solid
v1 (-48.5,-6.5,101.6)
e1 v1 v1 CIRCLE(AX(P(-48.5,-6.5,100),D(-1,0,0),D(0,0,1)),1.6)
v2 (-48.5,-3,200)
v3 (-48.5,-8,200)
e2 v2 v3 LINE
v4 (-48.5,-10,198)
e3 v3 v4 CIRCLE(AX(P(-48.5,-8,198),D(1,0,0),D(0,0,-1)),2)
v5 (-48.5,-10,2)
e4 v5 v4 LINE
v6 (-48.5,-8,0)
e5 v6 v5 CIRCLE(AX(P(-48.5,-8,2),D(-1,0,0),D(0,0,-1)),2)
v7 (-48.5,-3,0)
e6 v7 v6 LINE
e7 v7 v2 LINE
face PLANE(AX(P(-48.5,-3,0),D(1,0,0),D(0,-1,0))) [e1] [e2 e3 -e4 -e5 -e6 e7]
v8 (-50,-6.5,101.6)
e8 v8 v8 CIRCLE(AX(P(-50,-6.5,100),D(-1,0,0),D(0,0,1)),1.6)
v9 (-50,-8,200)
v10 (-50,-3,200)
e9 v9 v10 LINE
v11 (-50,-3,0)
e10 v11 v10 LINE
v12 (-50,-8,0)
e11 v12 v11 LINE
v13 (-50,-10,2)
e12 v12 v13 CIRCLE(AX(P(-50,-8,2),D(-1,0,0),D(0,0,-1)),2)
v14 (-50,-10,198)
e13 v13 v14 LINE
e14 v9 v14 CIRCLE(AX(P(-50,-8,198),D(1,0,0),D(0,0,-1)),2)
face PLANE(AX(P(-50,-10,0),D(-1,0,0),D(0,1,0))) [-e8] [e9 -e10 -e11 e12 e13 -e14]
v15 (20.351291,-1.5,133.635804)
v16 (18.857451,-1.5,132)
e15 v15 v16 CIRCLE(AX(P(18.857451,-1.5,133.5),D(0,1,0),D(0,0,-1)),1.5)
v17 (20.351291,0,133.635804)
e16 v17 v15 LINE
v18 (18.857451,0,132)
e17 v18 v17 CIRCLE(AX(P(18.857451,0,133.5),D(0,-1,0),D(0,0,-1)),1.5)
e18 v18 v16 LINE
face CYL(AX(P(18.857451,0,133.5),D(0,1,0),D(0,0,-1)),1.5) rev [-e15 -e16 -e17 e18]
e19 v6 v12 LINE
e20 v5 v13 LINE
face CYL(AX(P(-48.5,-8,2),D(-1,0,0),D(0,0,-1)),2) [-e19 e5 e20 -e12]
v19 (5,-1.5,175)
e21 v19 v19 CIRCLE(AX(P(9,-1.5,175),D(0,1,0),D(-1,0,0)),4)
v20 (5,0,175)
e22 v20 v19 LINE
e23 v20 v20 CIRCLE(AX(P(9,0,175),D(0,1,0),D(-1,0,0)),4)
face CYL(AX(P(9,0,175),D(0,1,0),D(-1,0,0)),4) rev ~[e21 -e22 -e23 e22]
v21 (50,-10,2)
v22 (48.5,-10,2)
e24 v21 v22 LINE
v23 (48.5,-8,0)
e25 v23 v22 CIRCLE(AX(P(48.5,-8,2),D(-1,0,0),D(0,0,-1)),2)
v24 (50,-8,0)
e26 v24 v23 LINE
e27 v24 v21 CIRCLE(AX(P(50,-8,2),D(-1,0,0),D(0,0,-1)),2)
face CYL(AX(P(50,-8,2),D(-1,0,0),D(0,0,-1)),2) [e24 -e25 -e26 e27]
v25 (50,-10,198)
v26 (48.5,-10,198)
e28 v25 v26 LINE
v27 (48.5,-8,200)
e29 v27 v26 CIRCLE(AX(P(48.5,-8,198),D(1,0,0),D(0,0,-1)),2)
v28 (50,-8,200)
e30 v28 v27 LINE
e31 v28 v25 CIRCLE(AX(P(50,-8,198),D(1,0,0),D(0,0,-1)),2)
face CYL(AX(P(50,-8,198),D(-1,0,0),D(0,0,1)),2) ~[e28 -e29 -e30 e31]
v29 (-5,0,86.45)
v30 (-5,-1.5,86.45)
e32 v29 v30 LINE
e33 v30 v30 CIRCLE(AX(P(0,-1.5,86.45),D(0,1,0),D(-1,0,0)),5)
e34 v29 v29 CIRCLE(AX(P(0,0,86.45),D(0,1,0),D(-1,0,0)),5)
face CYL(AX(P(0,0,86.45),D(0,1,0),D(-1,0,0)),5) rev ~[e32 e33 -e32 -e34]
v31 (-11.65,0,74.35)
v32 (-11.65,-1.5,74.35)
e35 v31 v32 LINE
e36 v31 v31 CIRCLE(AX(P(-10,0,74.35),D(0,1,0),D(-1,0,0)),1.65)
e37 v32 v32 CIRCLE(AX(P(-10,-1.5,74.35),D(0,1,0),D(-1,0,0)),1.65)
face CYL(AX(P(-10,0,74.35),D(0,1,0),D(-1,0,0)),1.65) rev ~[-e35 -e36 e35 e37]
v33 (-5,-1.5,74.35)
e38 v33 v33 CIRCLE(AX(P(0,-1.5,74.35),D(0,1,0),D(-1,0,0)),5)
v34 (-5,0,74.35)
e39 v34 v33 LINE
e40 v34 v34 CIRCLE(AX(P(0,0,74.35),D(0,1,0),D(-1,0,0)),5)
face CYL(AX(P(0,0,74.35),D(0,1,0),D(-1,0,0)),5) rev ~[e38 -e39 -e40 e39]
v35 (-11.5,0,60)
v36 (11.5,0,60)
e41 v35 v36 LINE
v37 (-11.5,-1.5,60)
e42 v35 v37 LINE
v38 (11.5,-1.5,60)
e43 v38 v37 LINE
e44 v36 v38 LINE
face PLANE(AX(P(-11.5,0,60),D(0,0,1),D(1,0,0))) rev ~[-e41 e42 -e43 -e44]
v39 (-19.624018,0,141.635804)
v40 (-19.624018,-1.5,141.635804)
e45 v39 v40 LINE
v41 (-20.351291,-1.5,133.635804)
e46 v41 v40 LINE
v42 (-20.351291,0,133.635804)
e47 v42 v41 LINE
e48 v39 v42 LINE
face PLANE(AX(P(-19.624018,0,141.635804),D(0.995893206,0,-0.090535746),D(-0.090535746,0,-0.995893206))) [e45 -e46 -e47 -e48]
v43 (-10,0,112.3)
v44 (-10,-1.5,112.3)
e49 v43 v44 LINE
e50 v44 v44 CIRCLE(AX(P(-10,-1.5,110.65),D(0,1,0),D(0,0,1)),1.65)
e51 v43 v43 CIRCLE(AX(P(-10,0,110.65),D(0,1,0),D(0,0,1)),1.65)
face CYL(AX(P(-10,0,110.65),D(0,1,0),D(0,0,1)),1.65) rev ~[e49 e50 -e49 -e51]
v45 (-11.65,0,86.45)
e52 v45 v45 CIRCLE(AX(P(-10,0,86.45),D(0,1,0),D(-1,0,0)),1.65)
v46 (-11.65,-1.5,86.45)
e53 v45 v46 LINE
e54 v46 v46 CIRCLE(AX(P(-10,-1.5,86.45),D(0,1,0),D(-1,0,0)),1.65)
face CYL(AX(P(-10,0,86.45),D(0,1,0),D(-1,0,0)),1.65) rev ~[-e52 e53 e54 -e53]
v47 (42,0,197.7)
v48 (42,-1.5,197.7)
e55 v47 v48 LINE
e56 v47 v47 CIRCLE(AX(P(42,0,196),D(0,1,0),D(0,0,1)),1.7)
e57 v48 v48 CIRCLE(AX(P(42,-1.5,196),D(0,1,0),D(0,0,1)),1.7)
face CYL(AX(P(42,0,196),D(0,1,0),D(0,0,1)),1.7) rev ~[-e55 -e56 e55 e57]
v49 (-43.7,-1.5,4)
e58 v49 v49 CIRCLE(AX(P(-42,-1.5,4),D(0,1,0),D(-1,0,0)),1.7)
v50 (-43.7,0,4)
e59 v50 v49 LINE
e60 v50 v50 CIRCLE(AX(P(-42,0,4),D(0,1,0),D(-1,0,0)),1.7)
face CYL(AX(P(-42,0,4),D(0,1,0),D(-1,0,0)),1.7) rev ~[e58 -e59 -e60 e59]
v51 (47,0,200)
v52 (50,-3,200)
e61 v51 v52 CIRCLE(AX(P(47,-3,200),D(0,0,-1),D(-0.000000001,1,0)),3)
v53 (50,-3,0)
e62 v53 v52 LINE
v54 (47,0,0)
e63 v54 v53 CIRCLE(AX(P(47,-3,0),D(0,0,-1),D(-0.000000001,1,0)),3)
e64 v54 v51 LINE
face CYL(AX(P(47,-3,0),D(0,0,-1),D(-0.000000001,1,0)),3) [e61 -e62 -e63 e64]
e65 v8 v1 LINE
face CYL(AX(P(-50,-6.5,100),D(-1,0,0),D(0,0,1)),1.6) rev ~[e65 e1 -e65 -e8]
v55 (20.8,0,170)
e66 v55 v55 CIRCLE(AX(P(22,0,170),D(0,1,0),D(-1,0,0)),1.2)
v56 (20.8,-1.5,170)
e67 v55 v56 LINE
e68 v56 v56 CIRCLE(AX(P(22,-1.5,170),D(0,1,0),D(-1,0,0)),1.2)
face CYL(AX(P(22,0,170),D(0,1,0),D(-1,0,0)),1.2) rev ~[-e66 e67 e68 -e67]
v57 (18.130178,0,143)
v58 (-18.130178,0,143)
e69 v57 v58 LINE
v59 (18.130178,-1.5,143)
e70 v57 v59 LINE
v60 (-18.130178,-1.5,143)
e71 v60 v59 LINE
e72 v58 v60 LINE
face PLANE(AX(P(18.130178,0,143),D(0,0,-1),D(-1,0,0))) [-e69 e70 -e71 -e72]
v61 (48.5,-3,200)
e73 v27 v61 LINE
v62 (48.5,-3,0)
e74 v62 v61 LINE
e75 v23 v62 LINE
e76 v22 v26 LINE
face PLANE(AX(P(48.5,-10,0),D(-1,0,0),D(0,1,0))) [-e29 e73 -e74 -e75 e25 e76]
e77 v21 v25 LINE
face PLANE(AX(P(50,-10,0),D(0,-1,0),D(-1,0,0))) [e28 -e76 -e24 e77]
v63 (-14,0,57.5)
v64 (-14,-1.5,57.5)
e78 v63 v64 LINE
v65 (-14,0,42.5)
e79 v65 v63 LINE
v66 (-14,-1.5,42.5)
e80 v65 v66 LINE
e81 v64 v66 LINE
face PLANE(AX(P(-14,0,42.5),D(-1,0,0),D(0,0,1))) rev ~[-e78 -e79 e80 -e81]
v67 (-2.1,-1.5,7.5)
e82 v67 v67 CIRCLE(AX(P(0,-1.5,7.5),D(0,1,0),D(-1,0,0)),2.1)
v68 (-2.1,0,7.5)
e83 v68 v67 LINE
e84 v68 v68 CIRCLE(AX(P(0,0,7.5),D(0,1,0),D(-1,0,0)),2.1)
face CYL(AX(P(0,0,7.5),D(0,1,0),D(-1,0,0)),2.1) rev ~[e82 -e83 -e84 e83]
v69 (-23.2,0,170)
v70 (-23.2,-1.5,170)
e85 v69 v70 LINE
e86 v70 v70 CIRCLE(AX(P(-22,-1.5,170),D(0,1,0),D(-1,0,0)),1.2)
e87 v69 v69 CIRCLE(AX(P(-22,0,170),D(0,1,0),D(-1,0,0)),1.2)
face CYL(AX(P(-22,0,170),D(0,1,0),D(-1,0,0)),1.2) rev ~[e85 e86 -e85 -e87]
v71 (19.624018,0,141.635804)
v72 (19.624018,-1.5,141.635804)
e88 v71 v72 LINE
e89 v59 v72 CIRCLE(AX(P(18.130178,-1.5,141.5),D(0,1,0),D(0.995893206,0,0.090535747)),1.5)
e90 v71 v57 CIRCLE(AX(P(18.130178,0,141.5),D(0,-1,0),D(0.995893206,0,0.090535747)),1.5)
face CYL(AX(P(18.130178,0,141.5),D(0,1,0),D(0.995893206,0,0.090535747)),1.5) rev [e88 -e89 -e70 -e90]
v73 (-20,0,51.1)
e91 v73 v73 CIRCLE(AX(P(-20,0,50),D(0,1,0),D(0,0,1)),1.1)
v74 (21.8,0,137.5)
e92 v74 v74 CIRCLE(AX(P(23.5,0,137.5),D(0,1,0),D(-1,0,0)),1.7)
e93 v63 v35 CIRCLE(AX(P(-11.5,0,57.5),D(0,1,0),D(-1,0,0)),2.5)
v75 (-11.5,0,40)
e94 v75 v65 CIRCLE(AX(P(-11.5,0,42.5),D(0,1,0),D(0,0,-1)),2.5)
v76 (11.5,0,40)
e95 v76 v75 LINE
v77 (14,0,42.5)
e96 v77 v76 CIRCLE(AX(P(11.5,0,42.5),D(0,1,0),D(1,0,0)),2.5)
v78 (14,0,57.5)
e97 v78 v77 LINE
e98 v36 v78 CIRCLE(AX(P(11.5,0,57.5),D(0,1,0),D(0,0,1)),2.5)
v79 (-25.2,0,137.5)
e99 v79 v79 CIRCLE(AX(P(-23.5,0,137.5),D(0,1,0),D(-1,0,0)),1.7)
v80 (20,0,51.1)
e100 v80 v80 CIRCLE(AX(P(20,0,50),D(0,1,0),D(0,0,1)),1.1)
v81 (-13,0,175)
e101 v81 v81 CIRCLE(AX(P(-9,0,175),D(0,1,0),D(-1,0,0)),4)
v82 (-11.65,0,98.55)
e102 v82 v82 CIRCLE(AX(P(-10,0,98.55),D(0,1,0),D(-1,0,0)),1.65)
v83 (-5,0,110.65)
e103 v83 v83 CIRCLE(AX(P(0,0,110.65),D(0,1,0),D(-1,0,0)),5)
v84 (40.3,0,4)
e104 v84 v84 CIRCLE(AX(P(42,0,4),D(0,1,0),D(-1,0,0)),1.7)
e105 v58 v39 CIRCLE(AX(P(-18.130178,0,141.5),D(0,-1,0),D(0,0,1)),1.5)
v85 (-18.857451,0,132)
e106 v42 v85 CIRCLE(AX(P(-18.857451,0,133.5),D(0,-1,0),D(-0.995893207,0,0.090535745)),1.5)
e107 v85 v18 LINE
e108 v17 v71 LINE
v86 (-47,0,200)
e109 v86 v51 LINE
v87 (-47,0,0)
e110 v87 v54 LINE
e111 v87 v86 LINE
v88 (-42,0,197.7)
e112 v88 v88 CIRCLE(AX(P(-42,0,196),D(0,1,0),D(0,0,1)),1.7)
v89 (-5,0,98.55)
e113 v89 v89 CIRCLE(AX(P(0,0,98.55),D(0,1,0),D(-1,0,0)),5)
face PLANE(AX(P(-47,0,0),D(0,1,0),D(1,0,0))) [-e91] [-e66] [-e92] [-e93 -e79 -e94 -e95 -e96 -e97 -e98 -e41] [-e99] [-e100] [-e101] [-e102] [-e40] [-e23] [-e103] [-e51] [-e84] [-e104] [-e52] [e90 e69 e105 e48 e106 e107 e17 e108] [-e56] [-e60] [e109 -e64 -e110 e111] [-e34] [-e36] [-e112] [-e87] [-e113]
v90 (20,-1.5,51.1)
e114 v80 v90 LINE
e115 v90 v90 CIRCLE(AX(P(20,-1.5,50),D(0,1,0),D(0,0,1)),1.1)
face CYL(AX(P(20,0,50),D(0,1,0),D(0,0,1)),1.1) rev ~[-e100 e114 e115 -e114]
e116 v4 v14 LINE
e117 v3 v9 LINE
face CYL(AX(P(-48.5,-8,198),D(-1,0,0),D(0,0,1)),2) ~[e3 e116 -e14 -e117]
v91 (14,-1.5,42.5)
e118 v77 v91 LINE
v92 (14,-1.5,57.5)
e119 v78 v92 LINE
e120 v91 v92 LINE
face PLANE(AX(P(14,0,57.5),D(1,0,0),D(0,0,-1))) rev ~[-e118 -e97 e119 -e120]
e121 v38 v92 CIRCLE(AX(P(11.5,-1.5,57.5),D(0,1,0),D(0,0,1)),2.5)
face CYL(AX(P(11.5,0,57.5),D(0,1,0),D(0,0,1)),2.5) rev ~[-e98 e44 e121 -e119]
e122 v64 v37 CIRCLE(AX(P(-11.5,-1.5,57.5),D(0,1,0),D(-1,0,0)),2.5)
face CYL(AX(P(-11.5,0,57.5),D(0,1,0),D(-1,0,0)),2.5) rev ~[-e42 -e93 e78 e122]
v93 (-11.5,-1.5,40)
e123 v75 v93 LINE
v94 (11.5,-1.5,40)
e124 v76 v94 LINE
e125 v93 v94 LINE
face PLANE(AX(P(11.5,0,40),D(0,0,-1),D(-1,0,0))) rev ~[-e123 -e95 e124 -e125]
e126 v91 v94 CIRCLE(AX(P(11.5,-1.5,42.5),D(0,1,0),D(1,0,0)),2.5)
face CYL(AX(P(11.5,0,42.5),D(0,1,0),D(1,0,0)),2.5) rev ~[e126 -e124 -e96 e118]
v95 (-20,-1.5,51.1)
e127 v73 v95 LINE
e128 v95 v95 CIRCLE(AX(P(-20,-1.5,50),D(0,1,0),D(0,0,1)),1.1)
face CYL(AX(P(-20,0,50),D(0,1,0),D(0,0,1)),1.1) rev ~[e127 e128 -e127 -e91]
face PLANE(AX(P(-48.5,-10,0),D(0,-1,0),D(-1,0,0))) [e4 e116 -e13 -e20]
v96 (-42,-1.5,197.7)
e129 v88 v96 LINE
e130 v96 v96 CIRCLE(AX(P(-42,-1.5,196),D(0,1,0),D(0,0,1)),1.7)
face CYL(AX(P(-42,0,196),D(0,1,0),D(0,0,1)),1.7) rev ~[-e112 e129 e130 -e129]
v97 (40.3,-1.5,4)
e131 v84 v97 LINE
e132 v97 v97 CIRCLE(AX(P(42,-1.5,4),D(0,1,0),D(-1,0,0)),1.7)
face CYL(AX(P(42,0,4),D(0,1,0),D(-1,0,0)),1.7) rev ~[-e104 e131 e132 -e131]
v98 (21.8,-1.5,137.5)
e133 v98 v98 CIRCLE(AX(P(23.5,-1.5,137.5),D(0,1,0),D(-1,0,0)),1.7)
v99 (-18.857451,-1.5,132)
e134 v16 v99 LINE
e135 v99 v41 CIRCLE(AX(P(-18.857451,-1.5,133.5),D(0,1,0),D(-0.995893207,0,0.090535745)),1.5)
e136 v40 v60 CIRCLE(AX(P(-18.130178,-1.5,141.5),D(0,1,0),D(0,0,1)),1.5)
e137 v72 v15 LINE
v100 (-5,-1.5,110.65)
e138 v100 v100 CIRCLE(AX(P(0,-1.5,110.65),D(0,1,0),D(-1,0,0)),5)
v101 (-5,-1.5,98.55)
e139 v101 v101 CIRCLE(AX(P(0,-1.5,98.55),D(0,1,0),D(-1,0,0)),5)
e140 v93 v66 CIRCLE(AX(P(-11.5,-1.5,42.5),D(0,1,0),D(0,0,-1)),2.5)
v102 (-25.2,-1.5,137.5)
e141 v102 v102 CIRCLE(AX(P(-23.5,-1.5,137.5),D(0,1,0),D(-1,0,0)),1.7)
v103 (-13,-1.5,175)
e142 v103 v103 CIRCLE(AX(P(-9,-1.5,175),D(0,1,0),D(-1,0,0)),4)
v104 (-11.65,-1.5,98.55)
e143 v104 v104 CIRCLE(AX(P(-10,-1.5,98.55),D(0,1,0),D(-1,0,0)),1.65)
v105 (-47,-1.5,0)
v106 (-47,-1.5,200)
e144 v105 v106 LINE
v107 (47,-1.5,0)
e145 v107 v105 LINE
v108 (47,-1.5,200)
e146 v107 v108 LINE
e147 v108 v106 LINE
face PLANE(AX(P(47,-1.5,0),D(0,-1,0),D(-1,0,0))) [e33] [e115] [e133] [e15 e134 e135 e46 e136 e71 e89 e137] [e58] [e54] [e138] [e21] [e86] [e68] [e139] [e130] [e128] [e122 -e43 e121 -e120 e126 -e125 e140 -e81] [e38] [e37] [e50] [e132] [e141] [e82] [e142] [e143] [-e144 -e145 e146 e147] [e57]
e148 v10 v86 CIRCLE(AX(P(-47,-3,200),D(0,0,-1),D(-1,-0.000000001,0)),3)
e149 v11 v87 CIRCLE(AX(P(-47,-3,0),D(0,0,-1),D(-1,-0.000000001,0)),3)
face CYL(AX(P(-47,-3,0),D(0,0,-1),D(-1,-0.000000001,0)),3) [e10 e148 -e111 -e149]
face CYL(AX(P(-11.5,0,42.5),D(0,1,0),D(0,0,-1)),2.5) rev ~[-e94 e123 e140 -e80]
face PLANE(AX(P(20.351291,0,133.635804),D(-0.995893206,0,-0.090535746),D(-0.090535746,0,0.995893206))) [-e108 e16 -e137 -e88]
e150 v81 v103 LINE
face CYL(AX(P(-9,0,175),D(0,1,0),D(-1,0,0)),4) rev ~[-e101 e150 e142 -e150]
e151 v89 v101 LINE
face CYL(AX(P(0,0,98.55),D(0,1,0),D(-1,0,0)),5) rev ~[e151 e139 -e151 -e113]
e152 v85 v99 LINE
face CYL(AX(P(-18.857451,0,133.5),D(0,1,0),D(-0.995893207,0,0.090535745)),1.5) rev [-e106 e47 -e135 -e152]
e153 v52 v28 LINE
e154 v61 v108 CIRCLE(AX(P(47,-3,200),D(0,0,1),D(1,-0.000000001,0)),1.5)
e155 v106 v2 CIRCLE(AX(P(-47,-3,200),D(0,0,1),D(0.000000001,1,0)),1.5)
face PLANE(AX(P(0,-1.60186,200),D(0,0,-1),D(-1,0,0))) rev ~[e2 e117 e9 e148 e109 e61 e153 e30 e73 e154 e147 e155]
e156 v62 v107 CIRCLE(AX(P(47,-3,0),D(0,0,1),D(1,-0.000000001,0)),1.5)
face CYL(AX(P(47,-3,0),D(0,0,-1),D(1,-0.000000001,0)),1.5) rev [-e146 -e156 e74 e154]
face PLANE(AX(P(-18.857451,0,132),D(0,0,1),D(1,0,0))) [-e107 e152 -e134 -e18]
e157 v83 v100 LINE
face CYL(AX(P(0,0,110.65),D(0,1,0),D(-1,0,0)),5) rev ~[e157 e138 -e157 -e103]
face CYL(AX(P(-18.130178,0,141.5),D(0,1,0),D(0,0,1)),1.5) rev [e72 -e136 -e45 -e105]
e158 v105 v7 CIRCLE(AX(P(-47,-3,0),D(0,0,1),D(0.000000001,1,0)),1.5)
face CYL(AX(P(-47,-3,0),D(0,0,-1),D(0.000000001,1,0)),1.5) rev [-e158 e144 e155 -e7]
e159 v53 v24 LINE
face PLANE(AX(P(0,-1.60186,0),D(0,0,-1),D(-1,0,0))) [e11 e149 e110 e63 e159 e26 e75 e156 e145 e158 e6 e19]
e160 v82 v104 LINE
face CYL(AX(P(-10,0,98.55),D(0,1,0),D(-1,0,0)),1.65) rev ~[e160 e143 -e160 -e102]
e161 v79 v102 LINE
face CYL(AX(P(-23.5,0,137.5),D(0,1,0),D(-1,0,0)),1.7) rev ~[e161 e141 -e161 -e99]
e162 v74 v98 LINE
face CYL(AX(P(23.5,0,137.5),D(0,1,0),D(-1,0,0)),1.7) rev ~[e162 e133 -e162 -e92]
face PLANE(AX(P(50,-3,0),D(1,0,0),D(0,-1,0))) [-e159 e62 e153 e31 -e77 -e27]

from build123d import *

# Parameters (mm, degrees)
EXTRUDE_1_DEPTH     = 200
SKETCH_2_R          = 1.7
CUT_EXTRUDE_1_DEPTH = 10
FILLET_1_R          = 2
SKETCH_5_R          = 1.7
SKETCH_5_R_2        = 1.2
SKETCH_5_R_3        = 4
CUT_EXTRUDE_2_DEPTH = 10
SKETCH_7_R          = 1.1
SKETCH_7_R_2        = 2.1
CUT_EXTRUDE_3_DEPTH = 10
SKETCH_11_R         = 5
SKETCH_11_R_2       = 1.65
CUT_EXTRUDE_4_DEPTH = 10
SKETCH_12_R         = 1.6
CUT_EXTRUDE_5_DEPTH = 10


with BuildPart() as part:
    # Эскиз1 → Вытянуть1 (new body)
    with BuildSketch(Plane.XY):
        with BuildLine():
            Line((-47, 0), (47, 0))
            ThreePointArc((47, 0), (49.121320344, -0.878679656), (50, -3))
            Line((50, -3), (50, -10))
            Line((50, -10), (48.5, -10))
            Line((48.5, -10), (48.5, -3))
            ThreePointArc((48.5, -3), (48.060660172, -1.939339828), (47, -1.5))
            Line((47, -1.5), (-47, -1.5))
            ThreePointArc((-47, -1.5), (-48.060660172, -1.939339828), (-48.5, -3))
            Line((-48.5, -3), (-48.5, -10))
            Line((-48.5, -10), (-50, -10))
            Line((-50, -10), (-50, -3))
            ThreePointArc((-50, -3), (-49.121320344, -0.878679656), (-47, 0))
        make_face()
    extrude(amount=EXTRUDE_1_DEPTH)

    # Эскиз2 → Вырез-Вытянуть1 (cut)
    with BuildSketch(Plane(origin=(0, 0, 0), x_dir=(1, 0, 0), z_dir=(0, 1, 0))):
        with Locations(Location((-42, -4, 0), (0, 0, 180))):
            Circle(SKETCH_2_R)
        with Locations(Location((42, -4, 0), (0, 0, 180))):
            Circle(SKETCH_2_R)
        with Locations(Location((42, -196, 0), (0, 0, 270))):
            Circle(SKETCH_2_R)
        with Locations(Location((-42, -196, 0), (0, 0, 270))):
            Circle(SKETCH_2_R)
    extrude(amount=-CUT_EXTRUDE_1_DEPTH, mode=Mode.SUBTRACT)

    # Скругление1
    fillet_1_edges = [part.edges().sort_by_distance(p)[0] for p in [
        (-49.25, -10, 200),
        (49.25, -10, 0),
        (-49.25, -10, 0),
        (49.25, -10, 200),
    ]]
    fillet(fillet_1_edges, radius=FILLET_1_R)

    # Эскиз5 → Вырез-Вытянуть2 (cut)
    with BuildSketch(Plane(origin=(0, 0, 0), x_dir=(-1, 0, 0), z_dir=(0, 1, 0))):
        with Locations((-23.5, 137.5)):
            Circle(SKETCH_5_R)
        with Locations((23.5, 137.5)):
            Circle(SKETCH_5_R)
        with Locations((-22, 170)):
            Circle(SKETCH_5_R_2)
        with Locations((22, 170)):
            Circle(SKETCH_5_R_2)
        with Locations((-9, 175)):
            Circle(SKETCH_5_R_3)
        with Locations((9, 175)):
            Circle(SKETCH_5_R_3)
        with BuildLine():
            Line((-20.35129058, 133.635803619), (-19.624017853, 141.635803619))
            ThreePointArc((-19.624017853, 141.635803619), (-19.141685475, 142.607633836), (-18.130178043, 143))
            Line((-18.130178043, 143), (18.130178043, 143))
            ThreePointArc((18.130178043, 143), (19.141685475, 142.607633836), (19.624017853, 141.635803619))
            Line((19.624017853, 141.635803619), (20.35129058, 133.635803619))
            ThreePointArc((20.35129058, 133.635803619), (19.965084606, 132.488492568), (18.85745077, 132))
            Line((18.85745077, 132), (-18.85745077, 132))
            ThreePointArc((-18.85745077, 132), (-19.965084606, 132.488492568), (-20.35129058, 133.635803619))
        make_face()
    extrude(amount=-CUT_EXTRUDE_2_DEPTH, mode=Mode.SUBTRACT)

    # Эскиз7 → Вырез-Вытянуть3 (cut)
    with BuildSketch(Plane(origin=(0, 0, 0), x_dir=(-1, 0, 0), z_dir=(0, 1, 0))):
        with Locations(Location((20, 50, 0), (0, 0, 90))):
            Circle(SKETCH_7_R)
        with Locations(Location((-20, 50, 0), (0, 0, 90))):
            Circle(SKETCH_7_R)
        with Locations((0, 7.5)):
            Circle(SKETCH_7_R_2)
        with BuildLine():
            Line((-11.5, 40), (11.5, 40))
            ThreePointArc((11.5, 40), (13.267766953, 40.732233047), (14, 42.5))
            Line((14, 42.5), (14, 57.5))
            ThreePointArc((14, 57.5), (13.267766953, 59.267766953), (11.5, 60))
            Line((11.5, 60), (-11.5, 60))
            ThreePointArc((-11.5, 60), (-13.267766953, 59.267766953), (-14, 57.5))
            Line((-14, 57.5), (-14, 42.5))
            ThreePointArc((-14, 42.5), (-13.267766953, 40.732233047), (-11.5, 40))
        make_face()
    extrude(amount=-CUT_EXTRUDE_3_DEPTH, mode=Mode.SUBTRACT)

    # Эскиз11 → Вырез-Вытянуть4 (cut)
    with BuildSketch(Plane(origin=(0, 0, 0), x_dir=(-1, 0, 0), z_dir=(0, 1, 0))):
        with Locations((0, 98.55)):
            Circle(SKETCH_11_R)
        with Locations((0, 86.45)):
            Circle(SKETCH_11_R)
        with Locations((0, 74.35)):
            Circle(SKETCH_11_R)
        with Locations((0, 110.65)):
            Circle(SKETCH_11_R)
        with Locations((10, 98.55)):
            Circle(SKETCH_11_R_2)
        with Locations((10, 74.35)):
            Circle(SKETCH_11_R_2)
        with Locations((10, 86.45)):
            Circle(SKETCH_11_R_2)
        with Locations(Location((10, 110.65, 0), (0, 0, 90))):
            Circle(SKETCH_11_R_2)
    extrude(amount=-CUT_EXTRUDE_4_DEPTH, mode=Mode.SUBTRACT)

    # Эскиз12 → Вырез-Вытянуть5 (cut)
    with BuildSketch(Plane.ZY.offset(50)):
        with Locations((100, -6.5)):
            Circle(SKETCH_12_R)
    extrude(amount=-CUT_EXTRUDE_5_DEPTH, mode=Mode.SUBTRACT)


solid = part.part
